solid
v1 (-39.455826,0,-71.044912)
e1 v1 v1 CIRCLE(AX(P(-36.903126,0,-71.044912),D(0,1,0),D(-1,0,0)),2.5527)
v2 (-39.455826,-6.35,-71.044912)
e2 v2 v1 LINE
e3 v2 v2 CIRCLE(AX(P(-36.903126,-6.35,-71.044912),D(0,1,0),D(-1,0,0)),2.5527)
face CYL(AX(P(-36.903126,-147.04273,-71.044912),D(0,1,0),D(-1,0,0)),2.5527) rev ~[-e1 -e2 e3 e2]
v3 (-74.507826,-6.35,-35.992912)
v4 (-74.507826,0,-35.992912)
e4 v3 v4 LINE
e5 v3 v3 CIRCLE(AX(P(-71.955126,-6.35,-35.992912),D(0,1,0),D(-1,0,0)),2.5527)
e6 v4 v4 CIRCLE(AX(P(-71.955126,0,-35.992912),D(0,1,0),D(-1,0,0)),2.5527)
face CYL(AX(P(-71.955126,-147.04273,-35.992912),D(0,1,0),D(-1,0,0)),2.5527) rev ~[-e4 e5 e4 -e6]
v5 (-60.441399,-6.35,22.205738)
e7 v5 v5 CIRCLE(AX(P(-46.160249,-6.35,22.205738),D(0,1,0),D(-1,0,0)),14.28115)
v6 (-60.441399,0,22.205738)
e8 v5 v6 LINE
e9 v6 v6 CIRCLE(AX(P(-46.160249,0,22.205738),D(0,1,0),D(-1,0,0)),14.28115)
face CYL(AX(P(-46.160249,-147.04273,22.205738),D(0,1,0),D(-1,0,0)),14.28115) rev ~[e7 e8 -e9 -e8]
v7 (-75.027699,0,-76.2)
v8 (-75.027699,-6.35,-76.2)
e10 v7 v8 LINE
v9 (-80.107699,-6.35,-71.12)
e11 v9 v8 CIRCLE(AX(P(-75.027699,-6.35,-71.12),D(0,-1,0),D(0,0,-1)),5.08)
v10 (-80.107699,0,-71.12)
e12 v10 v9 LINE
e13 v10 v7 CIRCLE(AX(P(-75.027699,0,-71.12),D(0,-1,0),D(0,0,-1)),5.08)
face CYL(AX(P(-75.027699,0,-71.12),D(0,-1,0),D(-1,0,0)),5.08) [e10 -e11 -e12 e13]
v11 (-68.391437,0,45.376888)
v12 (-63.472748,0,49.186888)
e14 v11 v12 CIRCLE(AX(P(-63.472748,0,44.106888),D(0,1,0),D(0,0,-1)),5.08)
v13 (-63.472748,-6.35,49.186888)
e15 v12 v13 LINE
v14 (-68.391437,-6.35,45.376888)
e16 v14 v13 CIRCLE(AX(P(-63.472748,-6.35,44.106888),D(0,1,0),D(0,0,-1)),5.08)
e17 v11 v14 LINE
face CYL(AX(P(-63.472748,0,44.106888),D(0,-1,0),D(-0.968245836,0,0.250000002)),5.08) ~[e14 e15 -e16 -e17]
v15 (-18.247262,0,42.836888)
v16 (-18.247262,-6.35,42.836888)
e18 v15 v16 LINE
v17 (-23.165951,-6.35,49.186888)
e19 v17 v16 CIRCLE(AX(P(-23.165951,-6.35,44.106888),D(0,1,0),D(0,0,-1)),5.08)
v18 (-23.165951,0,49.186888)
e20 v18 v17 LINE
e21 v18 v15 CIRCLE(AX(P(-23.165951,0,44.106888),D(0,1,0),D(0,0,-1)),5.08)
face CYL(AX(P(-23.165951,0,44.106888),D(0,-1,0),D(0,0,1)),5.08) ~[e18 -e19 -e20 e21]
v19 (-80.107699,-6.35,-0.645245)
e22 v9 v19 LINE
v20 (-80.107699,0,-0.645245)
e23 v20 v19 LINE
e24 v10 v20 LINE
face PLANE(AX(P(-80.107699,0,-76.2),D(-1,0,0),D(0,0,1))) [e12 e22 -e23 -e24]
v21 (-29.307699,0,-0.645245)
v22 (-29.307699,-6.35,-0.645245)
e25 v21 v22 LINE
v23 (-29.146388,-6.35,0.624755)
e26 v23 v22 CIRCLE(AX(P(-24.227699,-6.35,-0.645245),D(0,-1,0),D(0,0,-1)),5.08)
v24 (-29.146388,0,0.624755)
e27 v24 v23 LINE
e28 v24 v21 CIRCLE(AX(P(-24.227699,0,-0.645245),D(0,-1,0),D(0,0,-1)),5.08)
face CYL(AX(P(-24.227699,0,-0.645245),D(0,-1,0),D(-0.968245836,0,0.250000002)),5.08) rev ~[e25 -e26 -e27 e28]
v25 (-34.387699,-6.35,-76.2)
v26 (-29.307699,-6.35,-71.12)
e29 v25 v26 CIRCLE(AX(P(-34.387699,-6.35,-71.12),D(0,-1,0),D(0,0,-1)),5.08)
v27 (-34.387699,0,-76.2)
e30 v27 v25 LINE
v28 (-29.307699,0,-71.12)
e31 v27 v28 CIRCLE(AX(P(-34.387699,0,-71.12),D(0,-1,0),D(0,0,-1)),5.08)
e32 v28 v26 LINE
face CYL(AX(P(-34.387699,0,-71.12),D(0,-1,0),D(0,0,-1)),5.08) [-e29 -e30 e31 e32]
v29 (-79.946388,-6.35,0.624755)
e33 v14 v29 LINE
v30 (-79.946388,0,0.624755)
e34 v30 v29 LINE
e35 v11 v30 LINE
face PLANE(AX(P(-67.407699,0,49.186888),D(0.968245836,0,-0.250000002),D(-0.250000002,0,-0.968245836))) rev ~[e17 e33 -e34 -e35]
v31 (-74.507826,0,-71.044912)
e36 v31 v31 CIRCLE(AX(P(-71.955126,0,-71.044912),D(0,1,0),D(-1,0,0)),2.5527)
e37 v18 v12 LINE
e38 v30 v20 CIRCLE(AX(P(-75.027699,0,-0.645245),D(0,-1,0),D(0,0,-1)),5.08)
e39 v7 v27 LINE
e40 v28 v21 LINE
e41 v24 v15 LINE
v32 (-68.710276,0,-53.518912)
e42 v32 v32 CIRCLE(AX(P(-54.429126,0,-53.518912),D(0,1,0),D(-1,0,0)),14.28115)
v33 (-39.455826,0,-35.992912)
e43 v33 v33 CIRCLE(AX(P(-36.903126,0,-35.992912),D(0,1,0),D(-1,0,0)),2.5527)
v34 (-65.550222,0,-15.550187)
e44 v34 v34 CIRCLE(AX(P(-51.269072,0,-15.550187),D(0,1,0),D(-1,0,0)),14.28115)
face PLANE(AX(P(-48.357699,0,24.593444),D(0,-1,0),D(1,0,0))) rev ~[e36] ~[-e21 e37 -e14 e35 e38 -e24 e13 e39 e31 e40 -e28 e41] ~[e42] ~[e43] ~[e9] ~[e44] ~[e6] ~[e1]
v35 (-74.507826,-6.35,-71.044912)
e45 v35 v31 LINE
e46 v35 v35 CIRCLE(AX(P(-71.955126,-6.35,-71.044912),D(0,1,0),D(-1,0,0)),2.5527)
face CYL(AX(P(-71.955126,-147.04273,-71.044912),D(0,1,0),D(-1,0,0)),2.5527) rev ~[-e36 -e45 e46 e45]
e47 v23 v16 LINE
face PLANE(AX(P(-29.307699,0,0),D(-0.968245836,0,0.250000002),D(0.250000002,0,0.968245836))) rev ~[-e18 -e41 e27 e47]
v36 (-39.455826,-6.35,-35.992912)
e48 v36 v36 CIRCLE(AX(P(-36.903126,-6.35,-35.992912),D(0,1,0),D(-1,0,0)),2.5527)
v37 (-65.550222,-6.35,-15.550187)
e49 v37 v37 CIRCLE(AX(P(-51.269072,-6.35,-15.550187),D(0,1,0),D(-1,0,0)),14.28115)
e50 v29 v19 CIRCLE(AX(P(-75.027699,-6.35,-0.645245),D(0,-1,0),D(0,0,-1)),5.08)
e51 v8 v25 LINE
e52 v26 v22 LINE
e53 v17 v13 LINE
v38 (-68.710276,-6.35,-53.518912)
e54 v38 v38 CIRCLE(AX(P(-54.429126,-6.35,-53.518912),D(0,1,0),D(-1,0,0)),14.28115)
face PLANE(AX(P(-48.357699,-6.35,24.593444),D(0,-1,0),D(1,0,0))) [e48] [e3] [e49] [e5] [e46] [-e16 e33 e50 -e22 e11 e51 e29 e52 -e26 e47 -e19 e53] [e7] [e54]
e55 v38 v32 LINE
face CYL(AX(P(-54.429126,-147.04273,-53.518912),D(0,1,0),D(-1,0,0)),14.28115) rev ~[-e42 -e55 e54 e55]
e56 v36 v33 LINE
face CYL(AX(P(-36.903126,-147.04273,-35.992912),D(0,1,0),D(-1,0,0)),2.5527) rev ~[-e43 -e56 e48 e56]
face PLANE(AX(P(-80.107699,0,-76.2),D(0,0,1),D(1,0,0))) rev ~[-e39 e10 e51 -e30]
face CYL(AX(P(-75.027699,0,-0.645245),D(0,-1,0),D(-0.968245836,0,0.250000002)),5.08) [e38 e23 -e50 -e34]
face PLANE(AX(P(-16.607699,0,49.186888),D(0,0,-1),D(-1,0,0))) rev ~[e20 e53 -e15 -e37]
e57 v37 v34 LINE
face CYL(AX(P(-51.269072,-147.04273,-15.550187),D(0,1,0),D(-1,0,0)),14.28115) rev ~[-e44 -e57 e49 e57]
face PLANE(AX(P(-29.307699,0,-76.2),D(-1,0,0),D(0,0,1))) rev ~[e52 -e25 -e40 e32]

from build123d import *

# Parameters (mm, degrees)
F0_W     = 50.8
F0_H     = 76.2
F1_DEPTH = 6.35
F3_D     = 28.5623
F5_D     = 5.1054
F6_R     = 5.08


with BuildPart() as f1:
    # F0 (on Front) → F1 (new body)
    with BuildSketch(Plane.XZ):
        Polygon((-67.407699, 49.186888), (-80.107699, 0), (-29.307699, 0), (-16.607699, 49.186888), align=None)
        with Locations((-54.707699, -38.1)):
            Rectangle(F0_W, F0_H)
    extrude(amount=F1_DEPTH)

    # F3 (through all)
    with Locations(Plane.XZ.offset(6.35)):
        with Locations((-46.160249, 22.205738), (-51.269072, -15.550187), (-54.429126, -53.518912)):
            Hole(F3_D / 2)

    # F5 (through all)
    with Locations(Plane.XZ.offset(6.35)):
        with Locations((-36.903126, -35.992912), (-36.903126, -71.044912), (-71.955126, -71.044912), (-71.955126, -35.992912)):
            Hole(F5_D / 2)

    # F6
    f6_edges = [f1.edges().sort_by_distance(p)[0] for p in [
        (-67.407699, -3.175, 49.186888),
        (-16.607699, -3.175, 49.186888),
        (-80.107699, -3.175, 0),
        (-80.107699, -3.175, -76.2),
        (-29.307699, -3.175, -76.2),
        (-29.307699, -3.175, 0),
    ]]
    fillet(f6_edges, radius=F6_R)


solid = f1.part
